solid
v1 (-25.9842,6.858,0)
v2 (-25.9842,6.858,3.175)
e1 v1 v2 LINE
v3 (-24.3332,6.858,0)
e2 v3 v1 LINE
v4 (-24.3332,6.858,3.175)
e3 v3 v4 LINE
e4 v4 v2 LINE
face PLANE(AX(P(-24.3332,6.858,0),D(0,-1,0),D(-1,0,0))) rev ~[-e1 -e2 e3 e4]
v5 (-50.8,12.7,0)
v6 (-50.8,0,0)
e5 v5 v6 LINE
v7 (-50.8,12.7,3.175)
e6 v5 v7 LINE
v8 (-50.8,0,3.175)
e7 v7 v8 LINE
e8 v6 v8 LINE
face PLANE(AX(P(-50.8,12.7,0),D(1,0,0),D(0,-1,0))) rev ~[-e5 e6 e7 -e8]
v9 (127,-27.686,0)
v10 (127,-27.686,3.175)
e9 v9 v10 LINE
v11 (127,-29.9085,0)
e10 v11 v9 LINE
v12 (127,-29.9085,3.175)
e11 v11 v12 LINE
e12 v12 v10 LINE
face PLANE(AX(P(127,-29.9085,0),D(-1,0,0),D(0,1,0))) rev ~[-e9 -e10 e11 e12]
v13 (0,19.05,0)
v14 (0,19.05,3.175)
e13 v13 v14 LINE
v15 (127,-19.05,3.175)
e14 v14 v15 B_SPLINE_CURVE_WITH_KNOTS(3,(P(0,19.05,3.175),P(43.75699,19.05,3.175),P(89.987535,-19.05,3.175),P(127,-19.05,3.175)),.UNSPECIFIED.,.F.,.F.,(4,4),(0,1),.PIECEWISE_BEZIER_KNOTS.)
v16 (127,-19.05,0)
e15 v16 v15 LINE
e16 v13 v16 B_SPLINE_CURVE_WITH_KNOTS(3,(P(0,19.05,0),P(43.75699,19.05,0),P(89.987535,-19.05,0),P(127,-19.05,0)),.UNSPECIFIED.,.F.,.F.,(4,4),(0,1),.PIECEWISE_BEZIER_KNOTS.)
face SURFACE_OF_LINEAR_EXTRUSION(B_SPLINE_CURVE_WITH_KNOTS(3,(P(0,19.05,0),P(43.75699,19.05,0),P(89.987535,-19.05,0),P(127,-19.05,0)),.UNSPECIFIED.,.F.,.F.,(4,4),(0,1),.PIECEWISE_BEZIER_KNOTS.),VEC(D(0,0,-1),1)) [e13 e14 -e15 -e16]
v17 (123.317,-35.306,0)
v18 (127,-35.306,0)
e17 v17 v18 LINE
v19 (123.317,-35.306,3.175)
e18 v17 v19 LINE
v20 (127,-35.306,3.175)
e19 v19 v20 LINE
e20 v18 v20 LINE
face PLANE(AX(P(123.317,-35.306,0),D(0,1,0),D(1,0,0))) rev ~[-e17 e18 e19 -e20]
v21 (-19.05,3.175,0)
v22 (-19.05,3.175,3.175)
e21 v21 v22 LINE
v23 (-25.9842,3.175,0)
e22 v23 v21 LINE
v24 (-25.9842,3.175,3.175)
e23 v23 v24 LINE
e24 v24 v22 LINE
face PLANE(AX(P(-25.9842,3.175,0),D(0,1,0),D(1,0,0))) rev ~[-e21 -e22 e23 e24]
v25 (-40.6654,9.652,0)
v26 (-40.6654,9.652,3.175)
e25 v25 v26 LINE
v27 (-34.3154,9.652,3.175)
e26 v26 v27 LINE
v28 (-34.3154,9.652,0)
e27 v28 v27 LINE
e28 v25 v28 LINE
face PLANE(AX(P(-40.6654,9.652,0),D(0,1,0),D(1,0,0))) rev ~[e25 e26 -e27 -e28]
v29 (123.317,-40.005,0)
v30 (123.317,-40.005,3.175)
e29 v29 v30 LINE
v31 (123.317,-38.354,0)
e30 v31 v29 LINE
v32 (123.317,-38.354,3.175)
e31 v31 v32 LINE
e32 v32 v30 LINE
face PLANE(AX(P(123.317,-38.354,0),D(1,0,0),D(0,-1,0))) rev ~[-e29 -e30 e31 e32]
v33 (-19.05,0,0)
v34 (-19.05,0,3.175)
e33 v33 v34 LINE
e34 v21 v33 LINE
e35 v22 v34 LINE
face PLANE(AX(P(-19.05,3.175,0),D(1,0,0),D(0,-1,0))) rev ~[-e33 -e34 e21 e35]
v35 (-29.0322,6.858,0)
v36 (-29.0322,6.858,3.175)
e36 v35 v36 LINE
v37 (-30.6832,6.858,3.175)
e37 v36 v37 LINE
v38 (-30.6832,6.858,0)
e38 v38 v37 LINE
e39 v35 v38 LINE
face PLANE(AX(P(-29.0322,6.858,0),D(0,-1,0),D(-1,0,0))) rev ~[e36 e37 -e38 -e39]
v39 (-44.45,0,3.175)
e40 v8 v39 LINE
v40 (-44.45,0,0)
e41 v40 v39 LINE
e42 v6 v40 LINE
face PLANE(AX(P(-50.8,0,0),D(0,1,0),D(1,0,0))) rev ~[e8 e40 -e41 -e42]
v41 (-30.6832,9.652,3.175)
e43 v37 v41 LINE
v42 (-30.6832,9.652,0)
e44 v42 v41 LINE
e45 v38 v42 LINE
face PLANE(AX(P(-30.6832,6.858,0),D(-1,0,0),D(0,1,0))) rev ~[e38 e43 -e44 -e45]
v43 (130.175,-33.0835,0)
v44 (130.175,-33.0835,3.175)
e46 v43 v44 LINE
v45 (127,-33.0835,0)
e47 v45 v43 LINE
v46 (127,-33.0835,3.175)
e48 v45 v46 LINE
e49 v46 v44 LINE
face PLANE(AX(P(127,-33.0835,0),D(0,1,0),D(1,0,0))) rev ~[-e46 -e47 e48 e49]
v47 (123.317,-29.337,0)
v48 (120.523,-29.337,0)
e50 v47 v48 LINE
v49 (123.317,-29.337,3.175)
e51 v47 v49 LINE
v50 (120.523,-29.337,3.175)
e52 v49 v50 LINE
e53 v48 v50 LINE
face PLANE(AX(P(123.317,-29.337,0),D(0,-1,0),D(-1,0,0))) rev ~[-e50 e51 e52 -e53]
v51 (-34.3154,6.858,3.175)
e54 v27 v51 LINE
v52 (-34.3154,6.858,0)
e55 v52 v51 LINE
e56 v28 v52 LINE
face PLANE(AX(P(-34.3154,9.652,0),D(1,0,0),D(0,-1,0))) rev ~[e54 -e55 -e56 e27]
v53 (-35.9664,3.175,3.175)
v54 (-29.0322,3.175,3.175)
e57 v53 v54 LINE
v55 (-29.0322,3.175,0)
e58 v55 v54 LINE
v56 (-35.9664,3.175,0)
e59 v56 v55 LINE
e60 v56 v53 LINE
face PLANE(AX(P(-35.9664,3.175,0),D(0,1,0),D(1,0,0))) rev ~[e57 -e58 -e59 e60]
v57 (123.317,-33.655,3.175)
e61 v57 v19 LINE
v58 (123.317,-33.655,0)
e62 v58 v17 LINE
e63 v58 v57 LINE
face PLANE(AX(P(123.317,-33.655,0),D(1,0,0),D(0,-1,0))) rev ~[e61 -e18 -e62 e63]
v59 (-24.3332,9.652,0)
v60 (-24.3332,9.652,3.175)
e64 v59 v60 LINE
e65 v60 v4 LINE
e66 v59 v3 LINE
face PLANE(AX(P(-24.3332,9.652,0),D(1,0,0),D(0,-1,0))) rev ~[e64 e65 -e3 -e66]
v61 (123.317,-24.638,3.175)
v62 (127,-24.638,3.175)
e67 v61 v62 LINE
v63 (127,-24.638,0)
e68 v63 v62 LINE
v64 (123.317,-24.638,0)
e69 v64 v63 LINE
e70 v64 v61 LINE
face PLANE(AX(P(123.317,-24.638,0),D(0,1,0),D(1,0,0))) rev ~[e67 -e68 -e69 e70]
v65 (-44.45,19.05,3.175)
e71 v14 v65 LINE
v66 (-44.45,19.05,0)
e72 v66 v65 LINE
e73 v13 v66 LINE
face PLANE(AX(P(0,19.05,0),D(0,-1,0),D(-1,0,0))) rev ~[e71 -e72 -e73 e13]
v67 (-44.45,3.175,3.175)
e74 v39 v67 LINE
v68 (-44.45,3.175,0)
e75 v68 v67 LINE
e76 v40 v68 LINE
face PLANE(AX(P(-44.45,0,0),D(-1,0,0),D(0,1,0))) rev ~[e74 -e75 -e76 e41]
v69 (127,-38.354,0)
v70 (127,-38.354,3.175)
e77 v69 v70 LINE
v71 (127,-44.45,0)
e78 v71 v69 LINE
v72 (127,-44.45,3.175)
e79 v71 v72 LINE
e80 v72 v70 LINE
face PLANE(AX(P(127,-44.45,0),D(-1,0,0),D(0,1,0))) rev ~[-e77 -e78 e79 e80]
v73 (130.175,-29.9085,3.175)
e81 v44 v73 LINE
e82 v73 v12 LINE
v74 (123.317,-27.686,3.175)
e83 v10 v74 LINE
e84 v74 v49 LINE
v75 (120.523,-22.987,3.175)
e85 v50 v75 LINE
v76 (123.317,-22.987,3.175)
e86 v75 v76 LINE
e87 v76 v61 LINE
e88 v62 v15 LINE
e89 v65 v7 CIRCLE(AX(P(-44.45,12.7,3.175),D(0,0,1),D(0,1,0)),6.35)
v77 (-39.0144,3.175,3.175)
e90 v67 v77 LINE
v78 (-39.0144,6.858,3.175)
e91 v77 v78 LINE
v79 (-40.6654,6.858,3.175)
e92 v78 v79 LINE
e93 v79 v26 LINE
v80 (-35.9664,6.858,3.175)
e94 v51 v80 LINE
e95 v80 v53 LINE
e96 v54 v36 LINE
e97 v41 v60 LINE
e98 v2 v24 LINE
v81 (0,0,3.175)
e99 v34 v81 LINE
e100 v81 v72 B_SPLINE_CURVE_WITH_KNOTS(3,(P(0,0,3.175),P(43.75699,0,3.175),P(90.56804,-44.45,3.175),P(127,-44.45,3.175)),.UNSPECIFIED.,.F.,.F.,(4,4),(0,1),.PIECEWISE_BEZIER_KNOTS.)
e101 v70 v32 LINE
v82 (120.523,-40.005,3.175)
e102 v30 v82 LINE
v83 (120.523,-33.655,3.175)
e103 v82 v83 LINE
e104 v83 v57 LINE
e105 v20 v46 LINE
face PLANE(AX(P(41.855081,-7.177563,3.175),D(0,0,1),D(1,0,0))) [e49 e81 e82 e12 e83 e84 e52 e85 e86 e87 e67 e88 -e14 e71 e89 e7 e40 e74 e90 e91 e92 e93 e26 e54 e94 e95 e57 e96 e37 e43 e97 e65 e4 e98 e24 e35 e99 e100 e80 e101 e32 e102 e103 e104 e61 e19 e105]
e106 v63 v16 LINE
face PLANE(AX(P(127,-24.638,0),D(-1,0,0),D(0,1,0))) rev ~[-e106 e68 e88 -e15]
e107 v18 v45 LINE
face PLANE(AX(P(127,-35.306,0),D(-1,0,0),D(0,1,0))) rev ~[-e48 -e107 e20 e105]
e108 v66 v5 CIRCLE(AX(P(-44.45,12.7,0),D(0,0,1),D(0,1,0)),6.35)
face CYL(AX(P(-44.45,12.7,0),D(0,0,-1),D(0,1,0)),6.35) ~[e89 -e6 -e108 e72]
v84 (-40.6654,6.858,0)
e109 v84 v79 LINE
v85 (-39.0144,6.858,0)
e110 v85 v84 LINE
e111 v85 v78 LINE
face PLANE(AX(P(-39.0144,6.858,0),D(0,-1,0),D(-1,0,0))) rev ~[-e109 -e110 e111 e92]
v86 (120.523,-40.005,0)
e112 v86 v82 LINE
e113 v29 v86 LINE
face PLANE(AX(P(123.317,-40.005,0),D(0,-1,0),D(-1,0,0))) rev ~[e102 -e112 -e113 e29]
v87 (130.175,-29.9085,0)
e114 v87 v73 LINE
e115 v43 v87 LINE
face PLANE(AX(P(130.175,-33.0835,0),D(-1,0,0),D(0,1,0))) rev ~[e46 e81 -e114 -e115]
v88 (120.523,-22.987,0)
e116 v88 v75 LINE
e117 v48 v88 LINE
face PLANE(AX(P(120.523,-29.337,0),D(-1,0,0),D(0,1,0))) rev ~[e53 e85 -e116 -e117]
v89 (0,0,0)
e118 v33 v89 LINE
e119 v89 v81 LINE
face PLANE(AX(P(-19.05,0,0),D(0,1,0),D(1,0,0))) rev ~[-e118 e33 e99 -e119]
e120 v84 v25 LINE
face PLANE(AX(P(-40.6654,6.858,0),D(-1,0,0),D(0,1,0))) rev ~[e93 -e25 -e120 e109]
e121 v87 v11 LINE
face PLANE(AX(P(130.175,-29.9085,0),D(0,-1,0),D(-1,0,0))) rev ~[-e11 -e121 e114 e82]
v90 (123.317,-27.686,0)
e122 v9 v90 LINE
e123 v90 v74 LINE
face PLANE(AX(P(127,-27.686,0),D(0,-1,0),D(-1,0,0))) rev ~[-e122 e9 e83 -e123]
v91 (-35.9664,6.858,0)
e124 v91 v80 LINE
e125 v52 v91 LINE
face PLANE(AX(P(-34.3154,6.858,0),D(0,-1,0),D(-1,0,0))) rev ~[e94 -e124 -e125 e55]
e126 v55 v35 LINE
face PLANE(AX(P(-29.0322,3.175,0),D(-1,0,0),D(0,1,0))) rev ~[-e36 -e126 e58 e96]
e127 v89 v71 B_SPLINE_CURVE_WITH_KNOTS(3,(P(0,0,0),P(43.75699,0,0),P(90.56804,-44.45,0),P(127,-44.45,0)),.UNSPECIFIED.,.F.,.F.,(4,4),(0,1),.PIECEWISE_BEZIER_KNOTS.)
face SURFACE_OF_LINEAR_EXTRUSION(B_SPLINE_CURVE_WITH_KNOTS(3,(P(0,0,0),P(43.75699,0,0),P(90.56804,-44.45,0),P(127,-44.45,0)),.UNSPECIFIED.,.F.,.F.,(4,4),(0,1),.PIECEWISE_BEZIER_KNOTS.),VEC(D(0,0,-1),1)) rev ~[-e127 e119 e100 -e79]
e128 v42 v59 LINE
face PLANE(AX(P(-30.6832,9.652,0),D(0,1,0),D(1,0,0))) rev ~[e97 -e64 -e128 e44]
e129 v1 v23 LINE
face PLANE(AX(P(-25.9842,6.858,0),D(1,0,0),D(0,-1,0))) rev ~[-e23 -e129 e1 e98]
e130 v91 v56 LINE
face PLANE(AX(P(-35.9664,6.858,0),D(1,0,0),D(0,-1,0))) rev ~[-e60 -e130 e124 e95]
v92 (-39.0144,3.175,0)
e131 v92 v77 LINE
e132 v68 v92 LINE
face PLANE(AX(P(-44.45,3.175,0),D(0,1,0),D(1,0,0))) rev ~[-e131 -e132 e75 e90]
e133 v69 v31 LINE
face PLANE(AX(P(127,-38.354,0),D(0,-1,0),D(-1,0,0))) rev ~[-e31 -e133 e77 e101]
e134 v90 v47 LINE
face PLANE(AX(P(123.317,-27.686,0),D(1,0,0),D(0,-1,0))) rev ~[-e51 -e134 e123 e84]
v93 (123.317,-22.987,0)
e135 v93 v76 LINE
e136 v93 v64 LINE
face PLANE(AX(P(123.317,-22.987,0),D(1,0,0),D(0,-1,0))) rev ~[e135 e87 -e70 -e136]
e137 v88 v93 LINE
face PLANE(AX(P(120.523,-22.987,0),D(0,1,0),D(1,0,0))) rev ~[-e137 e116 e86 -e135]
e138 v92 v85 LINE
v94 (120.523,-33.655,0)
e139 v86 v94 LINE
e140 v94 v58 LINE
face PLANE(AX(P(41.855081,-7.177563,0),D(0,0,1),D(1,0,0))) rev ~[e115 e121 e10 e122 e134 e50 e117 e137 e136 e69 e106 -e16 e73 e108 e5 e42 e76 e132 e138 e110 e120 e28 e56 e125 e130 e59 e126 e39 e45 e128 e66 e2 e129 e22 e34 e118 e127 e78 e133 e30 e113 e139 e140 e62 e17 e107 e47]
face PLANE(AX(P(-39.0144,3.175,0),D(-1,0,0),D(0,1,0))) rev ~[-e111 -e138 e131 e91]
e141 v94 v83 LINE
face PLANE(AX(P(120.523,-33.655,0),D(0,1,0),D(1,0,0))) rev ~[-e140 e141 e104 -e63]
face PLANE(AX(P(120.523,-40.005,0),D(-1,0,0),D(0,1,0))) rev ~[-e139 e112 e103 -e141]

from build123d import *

# Parameters (mm, degrees)
BOSS_EXTRUDE1_DEPTH = 3.175


with BuildPart() as part:
    # Sketch1 → Boss-Extrude1 (new body)
    with BuildSketch(Plane.XY):
        with BuildLine():
            Line((-50.8, 12.7), (-50.8, 0))
            Line((-50.8, 0), (-44.45, 0))
            Line((-44.45, 0), (-44.45, 3.175))
            Line((-44.45, 3.175), (-39.0144, 3.175))
            Line((-39.0144, 3.175), (-39.0144, 6.858))
            Line((-39.0144, 6.858), (-40.6654, 6.858))
            Line((-40.6654, 6.858), (-40.6654, 9.652))
            Line((-40.6654, 9.652), (-34.3154, 9.652))
            Line((-34.3154, 9.652), (-34.3154, 6.858))
            Line((-34.3154, 6.858), (-35.9664, 6.858))
            Line((-35.9664, 6.858), (-35.9664, 3.175))
            Line((-35.9664, 3.175), (-29.0322, 3.175))
            Line((-29.0322, 3.175), (-29.0322, 6.858))
            Line((-29.0322, 6.858), (-30.6832, 6.858))
            Line((-30.6832, 6.858), (-30.6832, 9.652))
            Line((-30.6832, 9.652), (-24.3332, 9.652))
            Line((-24.3332, 9.652), (-24.3332, 6.858))
            Line((-24.3332, 6.858), (-25.9842, 6.858))
            Line((-25.9842, 6.858), (-25.9842, 3.175))
            Line((-25.9842, 3.175), (-19.05, 3.175))
            Line((-19.05, 3.175), (-19.05, 0))
            Line((-19.05, 0), (0, 0))
            add(Edge.make_bspline(
                [(0, 0), (43.75699028, 0), (90.568040393, -44.45), (127, -44.45)],
                knots=[0, 0, 0, 0, 1, 1, 1, 1], degree=3))
            Line((127, -44.45), (127, -38.354))
            Line((127, -38.354), (123.317, -38.354))
            Line((123.317, -38.354), (123.317, -40.005))
            Line((123.317, -40.005), (120.523, -40.005))
            Line((120.523, -40.005), (120.523, -33.655))
            Line((120.523, -33.655), (123.317, -33.655))
            Line((123.317, -33.655), (123.317, -35.306))
            Line((123.317, -35.306), (127, -35.306))
            Line((127, -35.306), (127, -33.0835))
            Line((127, -33.0835), (130.175, -33.0835))
            Line((130.175, -33.0835), (130.175, -29.9085))
            Line((130.175, -29.9085), (127, -29.9085))
            Line((127, -29.9085), (127, -27.686))
            Line((127, -27.686), (123.317, -27.686))
            Line((123.317, -27.686), (123.317, -29.337))
            Line((123.317, -29.337), (120.523, -29.337))
            Line((120.523, -29.337), (120.523, -22.987))
            Line((120.523, -22.987), (123.317, -22.987))
            Line((123.317, -22.987), (123.317, -24.638))
            Line((123.317, -24.638), (127, -24.638))
            Line((127, -24.638), (127, -19.05))
            add(Edge.make_bspline(
                [(0, 19.05), (43.75699028, 19.05), (89.987535232, -19.05), (127, -19.05)],
                knots=[0, 0, 0, 0, 1, 1, 1, 1], degree=3))
            Line((0, 19.05), (-44.45, 19.05))
            ThreePointArc((-44.45, 19.05), (-48.940128061, 17.190128061), (-50.8, 12.7))
        make_face()
    extrude(amount=BOSS_EXTRUDE1_DEPTH)


solid = part.part
